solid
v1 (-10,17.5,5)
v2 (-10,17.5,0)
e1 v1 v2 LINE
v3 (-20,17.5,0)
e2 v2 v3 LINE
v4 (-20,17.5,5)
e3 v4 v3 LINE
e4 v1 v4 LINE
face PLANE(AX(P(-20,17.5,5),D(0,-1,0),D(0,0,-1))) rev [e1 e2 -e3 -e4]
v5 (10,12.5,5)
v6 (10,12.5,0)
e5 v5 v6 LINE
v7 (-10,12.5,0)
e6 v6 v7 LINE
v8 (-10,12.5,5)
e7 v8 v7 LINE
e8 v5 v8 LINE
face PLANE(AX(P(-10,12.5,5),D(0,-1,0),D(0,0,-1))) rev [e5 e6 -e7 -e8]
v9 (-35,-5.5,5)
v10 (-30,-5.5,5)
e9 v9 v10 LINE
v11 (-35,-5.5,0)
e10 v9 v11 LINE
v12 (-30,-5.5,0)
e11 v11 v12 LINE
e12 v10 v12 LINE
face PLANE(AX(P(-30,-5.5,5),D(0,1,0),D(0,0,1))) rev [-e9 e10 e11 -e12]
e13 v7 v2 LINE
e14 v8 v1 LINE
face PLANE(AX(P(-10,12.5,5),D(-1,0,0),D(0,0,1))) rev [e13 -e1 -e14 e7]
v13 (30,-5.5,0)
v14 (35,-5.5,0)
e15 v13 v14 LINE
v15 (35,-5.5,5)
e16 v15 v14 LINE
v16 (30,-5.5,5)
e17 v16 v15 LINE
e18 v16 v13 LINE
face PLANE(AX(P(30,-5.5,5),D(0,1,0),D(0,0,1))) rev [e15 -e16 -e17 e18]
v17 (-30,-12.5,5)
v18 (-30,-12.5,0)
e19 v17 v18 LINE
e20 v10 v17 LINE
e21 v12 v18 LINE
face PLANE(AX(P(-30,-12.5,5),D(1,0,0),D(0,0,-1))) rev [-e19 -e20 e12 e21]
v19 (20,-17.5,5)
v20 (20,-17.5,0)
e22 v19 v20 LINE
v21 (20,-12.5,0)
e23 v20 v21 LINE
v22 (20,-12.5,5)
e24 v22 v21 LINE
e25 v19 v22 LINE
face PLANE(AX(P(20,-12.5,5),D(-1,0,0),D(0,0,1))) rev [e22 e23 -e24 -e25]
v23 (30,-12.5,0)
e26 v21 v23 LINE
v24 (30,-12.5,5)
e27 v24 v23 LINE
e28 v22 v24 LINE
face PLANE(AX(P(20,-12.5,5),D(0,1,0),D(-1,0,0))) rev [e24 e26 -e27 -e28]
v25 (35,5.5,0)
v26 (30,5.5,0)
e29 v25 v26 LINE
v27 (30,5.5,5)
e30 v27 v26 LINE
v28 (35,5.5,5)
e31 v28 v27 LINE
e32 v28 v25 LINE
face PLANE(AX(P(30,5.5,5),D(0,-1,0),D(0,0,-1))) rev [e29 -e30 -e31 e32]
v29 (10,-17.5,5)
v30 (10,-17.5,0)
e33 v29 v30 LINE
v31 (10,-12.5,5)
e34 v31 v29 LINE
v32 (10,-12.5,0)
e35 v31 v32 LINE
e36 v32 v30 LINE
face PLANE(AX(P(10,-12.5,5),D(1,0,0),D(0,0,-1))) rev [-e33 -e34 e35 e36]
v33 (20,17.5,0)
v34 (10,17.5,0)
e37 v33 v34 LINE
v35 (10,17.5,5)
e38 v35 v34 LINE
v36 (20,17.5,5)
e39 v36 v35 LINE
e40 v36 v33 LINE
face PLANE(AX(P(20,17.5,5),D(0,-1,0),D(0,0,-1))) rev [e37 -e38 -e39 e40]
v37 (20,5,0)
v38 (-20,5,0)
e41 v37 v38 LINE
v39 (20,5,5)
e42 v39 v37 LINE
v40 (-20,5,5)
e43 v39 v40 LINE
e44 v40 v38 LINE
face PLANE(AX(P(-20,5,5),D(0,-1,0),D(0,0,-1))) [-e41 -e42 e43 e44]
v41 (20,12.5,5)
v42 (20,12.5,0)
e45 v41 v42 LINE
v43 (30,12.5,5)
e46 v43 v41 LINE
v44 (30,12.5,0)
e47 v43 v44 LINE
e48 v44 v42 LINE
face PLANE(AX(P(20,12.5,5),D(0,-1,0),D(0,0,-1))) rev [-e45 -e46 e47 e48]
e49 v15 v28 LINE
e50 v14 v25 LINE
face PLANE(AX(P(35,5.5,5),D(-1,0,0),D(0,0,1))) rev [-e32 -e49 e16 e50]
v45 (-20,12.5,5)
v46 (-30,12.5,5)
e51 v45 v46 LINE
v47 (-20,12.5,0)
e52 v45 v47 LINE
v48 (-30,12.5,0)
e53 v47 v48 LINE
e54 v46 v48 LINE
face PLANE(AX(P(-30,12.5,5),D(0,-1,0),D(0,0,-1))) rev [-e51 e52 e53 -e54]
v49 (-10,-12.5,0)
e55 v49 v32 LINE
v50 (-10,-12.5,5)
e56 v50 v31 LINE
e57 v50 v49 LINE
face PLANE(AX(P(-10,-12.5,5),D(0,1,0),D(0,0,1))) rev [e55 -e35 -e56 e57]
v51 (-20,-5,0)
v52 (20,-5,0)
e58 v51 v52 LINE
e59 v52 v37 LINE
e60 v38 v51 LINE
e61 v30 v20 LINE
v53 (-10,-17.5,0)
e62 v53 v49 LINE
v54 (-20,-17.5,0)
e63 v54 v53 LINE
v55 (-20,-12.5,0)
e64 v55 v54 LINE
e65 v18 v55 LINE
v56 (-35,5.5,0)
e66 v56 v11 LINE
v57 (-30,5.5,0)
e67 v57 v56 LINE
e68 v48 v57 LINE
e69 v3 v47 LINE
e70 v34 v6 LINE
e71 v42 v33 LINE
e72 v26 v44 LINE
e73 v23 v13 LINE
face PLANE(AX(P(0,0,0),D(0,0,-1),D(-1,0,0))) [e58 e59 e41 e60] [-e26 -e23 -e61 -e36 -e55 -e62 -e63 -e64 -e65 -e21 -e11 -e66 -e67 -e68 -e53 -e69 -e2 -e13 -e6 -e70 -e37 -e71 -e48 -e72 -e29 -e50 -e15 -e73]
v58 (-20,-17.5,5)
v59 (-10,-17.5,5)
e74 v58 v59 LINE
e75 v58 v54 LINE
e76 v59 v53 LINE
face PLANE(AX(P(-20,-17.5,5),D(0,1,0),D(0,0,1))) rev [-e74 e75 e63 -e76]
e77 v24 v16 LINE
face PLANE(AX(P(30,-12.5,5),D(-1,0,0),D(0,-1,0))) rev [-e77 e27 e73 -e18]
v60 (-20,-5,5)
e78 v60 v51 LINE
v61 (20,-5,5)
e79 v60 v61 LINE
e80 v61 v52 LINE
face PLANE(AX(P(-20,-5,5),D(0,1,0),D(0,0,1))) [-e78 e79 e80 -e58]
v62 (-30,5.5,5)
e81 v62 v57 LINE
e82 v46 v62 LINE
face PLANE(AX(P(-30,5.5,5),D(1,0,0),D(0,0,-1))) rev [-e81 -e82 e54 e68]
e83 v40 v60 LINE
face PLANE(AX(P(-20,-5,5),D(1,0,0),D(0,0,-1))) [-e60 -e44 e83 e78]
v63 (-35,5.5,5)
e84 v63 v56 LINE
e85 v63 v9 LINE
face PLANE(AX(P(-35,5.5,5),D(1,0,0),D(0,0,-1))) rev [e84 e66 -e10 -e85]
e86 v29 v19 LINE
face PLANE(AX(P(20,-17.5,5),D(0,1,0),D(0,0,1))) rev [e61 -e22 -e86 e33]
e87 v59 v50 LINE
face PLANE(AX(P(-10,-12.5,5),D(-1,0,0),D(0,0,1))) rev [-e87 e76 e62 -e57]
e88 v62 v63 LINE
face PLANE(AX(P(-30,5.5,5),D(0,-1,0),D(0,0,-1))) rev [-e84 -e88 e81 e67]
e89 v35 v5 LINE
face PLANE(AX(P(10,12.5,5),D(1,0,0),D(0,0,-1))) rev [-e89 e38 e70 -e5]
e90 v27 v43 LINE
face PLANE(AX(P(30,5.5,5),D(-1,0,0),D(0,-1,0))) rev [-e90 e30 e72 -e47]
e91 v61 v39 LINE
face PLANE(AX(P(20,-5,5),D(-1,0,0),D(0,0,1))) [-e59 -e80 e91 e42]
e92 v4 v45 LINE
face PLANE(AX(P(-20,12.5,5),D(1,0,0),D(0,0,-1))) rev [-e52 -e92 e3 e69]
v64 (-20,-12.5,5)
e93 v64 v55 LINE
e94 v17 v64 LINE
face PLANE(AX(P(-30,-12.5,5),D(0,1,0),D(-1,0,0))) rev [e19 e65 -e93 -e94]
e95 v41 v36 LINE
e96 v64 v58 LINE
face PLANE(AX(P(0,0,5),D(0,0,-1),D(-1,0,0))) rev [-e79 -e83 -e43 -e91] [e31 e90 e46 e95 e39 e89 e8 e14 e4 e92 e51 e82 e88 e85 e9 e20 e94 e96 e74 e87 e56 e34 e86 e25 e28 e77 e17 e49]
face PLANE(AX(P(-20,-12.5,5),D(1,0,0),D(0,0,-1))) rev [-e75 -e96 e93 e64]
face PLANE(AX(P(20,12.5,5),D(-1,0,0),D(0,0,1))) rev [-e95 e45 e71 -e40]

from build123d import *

# Parameters (mm, degrees)
SKETCH1_W           = 40
SKETCH1_H           = 10
BOSS_EXTRUDE1_DEPTH = 5


with BuildPart() as part:
    # Sketch1 → Boss-Extrude1 (new body)
    with BuildSketch(Plane.XY):
        Polygon((-30, -12.5), (-20, -12.5), (-20, -17.5), (-10, -17.5), (-10, -12.5), (10, -12.5), (10, -17.5), (20, -17.5), (20, -12.5), (30, -12.5), (30, -5.5), (35, -5.5), (35, 5.5), (30, 5.5), (30, 12.5), (20, 12.5), (20, 17.5), (10, 17.5), (10, 12.5), (-10, 12.5), (-10, 17.5), (-20, 17.5), (-20, 12.5), (-30, 12.5), (-30, 5.5), (-35, 5.5), (-35, -5.5), (-30, -5.5), align=None)
        Rectangle(SKETCH1_W, SKETCH1_H, mode=Mode.SUBTRACT)
    extrude(amount=BOSS_EXTRUDE1_DEPTH)


solid = part.part
